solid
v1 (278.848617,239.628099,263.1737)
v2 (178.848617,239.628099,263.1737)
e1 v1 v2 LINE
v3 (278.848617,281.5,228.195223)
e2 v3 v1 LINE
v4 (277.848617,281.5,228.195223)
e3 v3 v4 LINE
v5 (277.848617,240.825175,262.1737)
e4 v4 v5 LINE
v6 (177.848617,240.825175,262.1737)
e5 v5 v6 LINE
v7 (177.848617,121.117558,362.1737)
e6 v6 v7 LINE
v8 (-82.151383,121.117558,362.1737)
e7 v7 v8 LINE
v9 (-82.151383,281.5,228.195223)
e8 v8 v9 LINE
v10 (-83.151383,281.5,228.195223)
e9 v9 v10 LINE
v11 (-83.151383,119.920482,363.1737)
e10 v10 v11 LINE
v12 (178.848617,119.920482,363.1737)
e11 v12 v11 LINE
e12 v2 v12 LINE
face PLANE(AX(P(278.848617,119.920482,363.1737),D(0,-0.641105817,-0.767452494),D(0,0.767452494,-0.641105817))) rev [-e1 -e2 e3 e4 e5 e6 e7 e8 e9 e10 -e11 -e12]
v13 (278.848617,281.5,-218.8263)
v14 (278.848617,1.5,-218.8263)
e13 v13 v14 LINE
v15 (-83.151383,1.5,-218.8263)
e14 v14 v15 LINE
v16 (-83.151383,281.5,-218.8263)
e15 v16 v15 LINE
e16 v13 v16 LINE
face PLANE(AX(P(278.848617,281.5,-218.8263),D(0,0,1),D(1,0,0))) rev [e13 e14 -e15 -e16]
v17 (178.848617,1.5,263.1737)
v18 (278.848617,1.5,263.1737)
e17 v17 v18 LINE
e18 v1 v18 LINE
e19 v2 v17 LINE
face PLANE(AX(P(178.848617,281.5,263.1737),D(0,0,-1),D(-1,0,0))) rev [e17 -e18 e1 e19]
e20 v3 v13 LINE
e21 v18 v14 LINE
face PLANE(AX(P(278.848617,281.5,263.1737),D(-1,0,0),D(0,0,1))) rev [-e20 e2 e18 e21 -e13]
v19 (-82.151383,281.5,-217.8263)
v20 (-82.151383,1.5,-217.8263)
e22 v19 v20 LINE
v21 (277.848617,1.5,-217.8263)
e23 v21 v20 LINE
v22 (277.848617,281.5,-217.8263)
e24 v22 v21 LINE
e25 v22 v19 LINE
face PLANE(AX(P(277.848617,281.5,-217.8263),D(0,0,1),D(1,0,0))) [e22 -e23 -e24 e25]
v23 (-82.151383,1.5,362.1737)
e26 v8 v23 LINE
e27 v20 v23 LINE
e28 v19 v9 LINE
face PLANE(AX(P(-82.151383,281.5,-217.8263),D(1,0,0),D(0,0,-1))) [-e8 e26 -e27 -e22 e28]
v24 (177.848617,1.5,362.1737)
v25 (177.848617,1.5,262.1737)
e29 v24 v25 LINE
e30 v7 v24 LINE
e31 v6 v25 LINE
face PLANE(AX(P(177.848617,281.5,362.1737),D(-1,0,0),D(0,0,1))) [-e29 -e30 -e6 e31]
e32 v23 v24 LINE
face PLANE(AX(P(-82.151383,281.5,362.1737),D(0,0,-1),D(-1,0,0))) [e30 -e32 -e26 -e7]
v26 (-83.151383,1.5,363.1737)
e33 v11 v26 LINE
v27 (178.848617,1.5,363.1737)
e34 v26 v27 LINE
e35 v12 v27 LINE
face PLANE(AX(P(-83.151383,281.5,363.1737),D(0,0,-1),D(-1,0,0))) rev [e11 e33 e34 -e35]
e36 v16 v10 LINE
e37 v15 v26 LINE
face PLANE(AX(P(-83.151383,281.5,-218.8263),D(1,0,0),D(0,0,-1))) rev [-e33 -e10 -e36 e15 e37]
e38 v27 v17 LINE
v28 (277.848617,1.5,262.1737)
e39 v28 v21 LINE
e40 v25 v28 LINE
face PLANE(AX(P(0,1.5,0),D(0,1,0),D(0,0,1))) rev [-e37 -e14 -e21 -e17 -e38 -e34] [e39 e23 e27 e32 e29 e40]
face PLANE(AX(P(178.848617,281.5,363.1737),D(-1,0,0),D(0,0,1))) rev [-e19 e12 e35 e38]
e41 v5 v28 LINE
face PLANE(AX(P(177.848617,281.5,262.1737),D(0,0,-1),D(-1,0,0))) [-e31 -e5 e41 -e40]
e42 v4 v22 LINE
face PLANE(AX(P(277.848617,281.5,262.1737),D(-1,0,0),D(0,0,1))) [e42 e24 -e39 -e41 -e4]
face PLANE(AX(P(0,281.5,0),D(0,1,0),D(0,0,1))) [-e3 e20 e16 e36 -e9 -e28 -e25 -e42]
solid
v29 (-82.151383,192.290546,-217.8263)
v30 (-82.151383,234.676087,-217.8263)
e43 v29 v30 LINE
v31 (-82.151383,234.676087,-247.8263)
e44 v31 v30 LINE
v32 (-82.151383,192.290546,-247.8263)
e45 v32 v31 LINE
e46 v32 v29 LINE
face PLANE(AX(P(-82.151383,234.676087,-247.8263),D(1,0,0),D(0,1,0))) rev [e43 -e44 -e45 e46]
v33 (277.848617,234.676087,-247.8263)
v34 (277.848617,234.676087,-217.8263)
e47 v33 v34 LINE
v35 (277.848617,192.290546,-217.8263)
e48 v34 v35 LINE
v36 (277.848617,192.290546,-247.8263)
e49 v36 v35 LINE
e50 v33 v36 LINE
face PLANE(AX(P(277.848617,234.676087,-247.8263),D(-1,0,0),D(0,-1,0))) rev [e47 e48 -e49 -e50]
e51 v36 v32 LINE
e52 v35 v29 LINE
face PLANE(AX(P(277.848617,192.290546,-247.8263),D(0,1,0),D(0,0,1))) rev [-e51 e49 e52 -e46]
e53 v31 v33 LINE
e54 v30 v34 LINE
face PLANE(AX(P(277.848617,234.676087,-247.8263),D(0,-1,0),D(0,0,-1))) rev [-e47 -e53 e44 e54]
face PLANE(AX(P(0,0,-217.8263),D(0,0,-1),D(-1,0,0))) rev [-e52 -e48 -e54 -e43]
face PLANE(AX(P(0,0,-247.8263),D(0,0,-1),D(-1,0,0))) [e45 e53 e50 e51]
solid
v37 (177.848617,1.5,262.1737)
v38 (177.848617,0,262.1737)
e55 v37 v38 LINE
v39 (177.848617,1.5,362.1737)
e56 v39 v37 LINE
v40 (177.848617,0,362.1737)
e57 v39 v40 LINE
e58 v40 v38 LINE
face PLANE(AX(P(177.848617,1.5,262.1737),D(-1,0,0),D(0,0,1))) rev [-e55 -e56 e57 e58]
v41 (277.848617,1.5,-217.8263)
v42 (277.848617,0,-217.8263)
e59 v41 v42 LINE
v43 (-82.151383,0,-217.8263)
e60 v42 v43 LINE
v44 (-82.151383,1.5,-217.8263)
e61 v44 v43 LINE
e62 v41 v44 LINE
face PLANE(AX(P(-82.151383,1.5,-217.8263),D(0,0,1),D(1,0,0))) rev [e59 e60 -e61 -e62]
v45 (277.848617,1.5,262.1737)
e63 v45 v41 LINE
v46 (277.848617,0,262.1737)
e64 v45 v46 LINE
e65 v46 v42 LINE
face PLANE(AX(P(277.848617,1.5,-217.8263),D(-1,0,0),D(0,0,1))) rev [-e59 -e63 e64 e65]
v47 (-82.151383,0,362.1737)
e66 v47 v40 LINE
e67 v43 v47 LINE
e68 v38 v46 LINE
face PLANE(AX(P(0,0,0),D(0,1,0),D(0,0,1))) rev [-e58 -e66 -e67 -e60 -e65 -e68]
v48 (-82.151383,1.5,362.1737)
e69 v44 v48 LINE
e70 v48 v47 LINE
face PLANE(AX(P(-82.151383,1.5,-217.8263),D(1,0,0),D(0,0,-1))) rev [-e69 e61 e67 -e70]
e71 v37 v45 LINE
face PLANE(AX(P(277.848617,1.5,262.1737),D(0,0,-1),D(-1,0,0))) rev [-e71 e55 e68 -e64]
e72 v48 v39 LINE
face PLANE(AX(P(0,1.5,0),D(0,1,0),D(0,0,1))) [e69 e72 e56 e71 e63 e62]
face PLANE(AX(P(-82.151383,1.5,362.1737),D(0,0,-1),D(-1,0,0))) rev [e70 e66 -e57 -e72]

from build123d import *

# Parameters (mm, degrees)
BOSS_EXTRUDE1_DEPTH     = 1.5
BOSS_EXTRUDE2_DEPTH     = 280
SKETCH4_W               = 360
SKETCH4_H               = 42.385541564
BOSS_EXTRUDE3_DEPTH     = 30
CUT_EXTRUDE1_DEPTH      = 585.344407265
CUT_EXTRUDE1_DEPTH_BACK = 585.344407265


with BuildPart() as part:
    # Sketch1 → Boss-Extrude1 (new body)
    with BuildSketch(Plane(origin=(0, 0, 0), x_dir=(1, 0, 0), z_dir=(0, 1, 0))):
        Polygon((-82.151383235, 217.826300096), (277.848616765, 217.826300096), (277.848616765, -262.173699904), (177.848616765, -262.173699904), (177.848616765, -362.173699904), (-82.151383235, -362.173699904), align=None)
    extrude(amount=BOSS_EXTRUDE1_DEPTH)


with BuildPart() as body_2:
    # Sketch2 → Boss-Extrude2 (new body)
    with BuildSketch(Plane(origin=(0, 1.5, 0), x_dir=(1, 0, 0), z_dir=(0, 1, 0))):
        Polygon((-83.151383235, -363.173699904), (178.848616765, -363.173699904), (178.848616765, -263.173699904), (278.848616765, -263.173699904), (278.848616765, 218.826300096), (-83.151383235, 218.826300096), align=None)
        Polygon((-82.151383235, 217.826300096), (-82.151383235, -362.173699904), (177.848616765, -362.173699904), (177.848616765, -262.173699904), (277.848616765, -262.173699904), (277.848616765, 217.826300096), align=None, mode=Mode.SUBTRACT)
    extrude(amount=BOSS_EXTRUDE2_DEPTH)

    # Sketch3 → Cut-Extrude1 (cut, two sides: drawn at the far end of the back side and taken through both)
    with BuildSketch(Plane.ZY.offset(82.151383235).offset(-CUT_EXTRUDE1_DEPTH_BACK)):
        Polygon((363.173699904, 119.920481981), (228.195222706, 281.5), (363.173699904, 281.5), align=None)
    extrude(amount=CUT_EXTRUDE1_DEPTH + CUT_EXTRUDE1_DEPTH_BACK, mode=Mode.SUBTRACT)


with BuildPart() as body_3:
    # Sketch4 → Boss-Extrude3 (new body)
    with BuildSketch(Plane(origin=(0, 0, -217.826300096), x_dir=(-1, 0, 0), z_dir=(0, 0, -1))):
        with Locations((-97.848616765, 213.483316708)):
            Rectangle(SKETCH4_W, SKETCH4_H)
    extrude(amount=BOSS_EXTRUDE3_DEPTH)


solid = Compound([part.part, body_2.part, body_3.part])
